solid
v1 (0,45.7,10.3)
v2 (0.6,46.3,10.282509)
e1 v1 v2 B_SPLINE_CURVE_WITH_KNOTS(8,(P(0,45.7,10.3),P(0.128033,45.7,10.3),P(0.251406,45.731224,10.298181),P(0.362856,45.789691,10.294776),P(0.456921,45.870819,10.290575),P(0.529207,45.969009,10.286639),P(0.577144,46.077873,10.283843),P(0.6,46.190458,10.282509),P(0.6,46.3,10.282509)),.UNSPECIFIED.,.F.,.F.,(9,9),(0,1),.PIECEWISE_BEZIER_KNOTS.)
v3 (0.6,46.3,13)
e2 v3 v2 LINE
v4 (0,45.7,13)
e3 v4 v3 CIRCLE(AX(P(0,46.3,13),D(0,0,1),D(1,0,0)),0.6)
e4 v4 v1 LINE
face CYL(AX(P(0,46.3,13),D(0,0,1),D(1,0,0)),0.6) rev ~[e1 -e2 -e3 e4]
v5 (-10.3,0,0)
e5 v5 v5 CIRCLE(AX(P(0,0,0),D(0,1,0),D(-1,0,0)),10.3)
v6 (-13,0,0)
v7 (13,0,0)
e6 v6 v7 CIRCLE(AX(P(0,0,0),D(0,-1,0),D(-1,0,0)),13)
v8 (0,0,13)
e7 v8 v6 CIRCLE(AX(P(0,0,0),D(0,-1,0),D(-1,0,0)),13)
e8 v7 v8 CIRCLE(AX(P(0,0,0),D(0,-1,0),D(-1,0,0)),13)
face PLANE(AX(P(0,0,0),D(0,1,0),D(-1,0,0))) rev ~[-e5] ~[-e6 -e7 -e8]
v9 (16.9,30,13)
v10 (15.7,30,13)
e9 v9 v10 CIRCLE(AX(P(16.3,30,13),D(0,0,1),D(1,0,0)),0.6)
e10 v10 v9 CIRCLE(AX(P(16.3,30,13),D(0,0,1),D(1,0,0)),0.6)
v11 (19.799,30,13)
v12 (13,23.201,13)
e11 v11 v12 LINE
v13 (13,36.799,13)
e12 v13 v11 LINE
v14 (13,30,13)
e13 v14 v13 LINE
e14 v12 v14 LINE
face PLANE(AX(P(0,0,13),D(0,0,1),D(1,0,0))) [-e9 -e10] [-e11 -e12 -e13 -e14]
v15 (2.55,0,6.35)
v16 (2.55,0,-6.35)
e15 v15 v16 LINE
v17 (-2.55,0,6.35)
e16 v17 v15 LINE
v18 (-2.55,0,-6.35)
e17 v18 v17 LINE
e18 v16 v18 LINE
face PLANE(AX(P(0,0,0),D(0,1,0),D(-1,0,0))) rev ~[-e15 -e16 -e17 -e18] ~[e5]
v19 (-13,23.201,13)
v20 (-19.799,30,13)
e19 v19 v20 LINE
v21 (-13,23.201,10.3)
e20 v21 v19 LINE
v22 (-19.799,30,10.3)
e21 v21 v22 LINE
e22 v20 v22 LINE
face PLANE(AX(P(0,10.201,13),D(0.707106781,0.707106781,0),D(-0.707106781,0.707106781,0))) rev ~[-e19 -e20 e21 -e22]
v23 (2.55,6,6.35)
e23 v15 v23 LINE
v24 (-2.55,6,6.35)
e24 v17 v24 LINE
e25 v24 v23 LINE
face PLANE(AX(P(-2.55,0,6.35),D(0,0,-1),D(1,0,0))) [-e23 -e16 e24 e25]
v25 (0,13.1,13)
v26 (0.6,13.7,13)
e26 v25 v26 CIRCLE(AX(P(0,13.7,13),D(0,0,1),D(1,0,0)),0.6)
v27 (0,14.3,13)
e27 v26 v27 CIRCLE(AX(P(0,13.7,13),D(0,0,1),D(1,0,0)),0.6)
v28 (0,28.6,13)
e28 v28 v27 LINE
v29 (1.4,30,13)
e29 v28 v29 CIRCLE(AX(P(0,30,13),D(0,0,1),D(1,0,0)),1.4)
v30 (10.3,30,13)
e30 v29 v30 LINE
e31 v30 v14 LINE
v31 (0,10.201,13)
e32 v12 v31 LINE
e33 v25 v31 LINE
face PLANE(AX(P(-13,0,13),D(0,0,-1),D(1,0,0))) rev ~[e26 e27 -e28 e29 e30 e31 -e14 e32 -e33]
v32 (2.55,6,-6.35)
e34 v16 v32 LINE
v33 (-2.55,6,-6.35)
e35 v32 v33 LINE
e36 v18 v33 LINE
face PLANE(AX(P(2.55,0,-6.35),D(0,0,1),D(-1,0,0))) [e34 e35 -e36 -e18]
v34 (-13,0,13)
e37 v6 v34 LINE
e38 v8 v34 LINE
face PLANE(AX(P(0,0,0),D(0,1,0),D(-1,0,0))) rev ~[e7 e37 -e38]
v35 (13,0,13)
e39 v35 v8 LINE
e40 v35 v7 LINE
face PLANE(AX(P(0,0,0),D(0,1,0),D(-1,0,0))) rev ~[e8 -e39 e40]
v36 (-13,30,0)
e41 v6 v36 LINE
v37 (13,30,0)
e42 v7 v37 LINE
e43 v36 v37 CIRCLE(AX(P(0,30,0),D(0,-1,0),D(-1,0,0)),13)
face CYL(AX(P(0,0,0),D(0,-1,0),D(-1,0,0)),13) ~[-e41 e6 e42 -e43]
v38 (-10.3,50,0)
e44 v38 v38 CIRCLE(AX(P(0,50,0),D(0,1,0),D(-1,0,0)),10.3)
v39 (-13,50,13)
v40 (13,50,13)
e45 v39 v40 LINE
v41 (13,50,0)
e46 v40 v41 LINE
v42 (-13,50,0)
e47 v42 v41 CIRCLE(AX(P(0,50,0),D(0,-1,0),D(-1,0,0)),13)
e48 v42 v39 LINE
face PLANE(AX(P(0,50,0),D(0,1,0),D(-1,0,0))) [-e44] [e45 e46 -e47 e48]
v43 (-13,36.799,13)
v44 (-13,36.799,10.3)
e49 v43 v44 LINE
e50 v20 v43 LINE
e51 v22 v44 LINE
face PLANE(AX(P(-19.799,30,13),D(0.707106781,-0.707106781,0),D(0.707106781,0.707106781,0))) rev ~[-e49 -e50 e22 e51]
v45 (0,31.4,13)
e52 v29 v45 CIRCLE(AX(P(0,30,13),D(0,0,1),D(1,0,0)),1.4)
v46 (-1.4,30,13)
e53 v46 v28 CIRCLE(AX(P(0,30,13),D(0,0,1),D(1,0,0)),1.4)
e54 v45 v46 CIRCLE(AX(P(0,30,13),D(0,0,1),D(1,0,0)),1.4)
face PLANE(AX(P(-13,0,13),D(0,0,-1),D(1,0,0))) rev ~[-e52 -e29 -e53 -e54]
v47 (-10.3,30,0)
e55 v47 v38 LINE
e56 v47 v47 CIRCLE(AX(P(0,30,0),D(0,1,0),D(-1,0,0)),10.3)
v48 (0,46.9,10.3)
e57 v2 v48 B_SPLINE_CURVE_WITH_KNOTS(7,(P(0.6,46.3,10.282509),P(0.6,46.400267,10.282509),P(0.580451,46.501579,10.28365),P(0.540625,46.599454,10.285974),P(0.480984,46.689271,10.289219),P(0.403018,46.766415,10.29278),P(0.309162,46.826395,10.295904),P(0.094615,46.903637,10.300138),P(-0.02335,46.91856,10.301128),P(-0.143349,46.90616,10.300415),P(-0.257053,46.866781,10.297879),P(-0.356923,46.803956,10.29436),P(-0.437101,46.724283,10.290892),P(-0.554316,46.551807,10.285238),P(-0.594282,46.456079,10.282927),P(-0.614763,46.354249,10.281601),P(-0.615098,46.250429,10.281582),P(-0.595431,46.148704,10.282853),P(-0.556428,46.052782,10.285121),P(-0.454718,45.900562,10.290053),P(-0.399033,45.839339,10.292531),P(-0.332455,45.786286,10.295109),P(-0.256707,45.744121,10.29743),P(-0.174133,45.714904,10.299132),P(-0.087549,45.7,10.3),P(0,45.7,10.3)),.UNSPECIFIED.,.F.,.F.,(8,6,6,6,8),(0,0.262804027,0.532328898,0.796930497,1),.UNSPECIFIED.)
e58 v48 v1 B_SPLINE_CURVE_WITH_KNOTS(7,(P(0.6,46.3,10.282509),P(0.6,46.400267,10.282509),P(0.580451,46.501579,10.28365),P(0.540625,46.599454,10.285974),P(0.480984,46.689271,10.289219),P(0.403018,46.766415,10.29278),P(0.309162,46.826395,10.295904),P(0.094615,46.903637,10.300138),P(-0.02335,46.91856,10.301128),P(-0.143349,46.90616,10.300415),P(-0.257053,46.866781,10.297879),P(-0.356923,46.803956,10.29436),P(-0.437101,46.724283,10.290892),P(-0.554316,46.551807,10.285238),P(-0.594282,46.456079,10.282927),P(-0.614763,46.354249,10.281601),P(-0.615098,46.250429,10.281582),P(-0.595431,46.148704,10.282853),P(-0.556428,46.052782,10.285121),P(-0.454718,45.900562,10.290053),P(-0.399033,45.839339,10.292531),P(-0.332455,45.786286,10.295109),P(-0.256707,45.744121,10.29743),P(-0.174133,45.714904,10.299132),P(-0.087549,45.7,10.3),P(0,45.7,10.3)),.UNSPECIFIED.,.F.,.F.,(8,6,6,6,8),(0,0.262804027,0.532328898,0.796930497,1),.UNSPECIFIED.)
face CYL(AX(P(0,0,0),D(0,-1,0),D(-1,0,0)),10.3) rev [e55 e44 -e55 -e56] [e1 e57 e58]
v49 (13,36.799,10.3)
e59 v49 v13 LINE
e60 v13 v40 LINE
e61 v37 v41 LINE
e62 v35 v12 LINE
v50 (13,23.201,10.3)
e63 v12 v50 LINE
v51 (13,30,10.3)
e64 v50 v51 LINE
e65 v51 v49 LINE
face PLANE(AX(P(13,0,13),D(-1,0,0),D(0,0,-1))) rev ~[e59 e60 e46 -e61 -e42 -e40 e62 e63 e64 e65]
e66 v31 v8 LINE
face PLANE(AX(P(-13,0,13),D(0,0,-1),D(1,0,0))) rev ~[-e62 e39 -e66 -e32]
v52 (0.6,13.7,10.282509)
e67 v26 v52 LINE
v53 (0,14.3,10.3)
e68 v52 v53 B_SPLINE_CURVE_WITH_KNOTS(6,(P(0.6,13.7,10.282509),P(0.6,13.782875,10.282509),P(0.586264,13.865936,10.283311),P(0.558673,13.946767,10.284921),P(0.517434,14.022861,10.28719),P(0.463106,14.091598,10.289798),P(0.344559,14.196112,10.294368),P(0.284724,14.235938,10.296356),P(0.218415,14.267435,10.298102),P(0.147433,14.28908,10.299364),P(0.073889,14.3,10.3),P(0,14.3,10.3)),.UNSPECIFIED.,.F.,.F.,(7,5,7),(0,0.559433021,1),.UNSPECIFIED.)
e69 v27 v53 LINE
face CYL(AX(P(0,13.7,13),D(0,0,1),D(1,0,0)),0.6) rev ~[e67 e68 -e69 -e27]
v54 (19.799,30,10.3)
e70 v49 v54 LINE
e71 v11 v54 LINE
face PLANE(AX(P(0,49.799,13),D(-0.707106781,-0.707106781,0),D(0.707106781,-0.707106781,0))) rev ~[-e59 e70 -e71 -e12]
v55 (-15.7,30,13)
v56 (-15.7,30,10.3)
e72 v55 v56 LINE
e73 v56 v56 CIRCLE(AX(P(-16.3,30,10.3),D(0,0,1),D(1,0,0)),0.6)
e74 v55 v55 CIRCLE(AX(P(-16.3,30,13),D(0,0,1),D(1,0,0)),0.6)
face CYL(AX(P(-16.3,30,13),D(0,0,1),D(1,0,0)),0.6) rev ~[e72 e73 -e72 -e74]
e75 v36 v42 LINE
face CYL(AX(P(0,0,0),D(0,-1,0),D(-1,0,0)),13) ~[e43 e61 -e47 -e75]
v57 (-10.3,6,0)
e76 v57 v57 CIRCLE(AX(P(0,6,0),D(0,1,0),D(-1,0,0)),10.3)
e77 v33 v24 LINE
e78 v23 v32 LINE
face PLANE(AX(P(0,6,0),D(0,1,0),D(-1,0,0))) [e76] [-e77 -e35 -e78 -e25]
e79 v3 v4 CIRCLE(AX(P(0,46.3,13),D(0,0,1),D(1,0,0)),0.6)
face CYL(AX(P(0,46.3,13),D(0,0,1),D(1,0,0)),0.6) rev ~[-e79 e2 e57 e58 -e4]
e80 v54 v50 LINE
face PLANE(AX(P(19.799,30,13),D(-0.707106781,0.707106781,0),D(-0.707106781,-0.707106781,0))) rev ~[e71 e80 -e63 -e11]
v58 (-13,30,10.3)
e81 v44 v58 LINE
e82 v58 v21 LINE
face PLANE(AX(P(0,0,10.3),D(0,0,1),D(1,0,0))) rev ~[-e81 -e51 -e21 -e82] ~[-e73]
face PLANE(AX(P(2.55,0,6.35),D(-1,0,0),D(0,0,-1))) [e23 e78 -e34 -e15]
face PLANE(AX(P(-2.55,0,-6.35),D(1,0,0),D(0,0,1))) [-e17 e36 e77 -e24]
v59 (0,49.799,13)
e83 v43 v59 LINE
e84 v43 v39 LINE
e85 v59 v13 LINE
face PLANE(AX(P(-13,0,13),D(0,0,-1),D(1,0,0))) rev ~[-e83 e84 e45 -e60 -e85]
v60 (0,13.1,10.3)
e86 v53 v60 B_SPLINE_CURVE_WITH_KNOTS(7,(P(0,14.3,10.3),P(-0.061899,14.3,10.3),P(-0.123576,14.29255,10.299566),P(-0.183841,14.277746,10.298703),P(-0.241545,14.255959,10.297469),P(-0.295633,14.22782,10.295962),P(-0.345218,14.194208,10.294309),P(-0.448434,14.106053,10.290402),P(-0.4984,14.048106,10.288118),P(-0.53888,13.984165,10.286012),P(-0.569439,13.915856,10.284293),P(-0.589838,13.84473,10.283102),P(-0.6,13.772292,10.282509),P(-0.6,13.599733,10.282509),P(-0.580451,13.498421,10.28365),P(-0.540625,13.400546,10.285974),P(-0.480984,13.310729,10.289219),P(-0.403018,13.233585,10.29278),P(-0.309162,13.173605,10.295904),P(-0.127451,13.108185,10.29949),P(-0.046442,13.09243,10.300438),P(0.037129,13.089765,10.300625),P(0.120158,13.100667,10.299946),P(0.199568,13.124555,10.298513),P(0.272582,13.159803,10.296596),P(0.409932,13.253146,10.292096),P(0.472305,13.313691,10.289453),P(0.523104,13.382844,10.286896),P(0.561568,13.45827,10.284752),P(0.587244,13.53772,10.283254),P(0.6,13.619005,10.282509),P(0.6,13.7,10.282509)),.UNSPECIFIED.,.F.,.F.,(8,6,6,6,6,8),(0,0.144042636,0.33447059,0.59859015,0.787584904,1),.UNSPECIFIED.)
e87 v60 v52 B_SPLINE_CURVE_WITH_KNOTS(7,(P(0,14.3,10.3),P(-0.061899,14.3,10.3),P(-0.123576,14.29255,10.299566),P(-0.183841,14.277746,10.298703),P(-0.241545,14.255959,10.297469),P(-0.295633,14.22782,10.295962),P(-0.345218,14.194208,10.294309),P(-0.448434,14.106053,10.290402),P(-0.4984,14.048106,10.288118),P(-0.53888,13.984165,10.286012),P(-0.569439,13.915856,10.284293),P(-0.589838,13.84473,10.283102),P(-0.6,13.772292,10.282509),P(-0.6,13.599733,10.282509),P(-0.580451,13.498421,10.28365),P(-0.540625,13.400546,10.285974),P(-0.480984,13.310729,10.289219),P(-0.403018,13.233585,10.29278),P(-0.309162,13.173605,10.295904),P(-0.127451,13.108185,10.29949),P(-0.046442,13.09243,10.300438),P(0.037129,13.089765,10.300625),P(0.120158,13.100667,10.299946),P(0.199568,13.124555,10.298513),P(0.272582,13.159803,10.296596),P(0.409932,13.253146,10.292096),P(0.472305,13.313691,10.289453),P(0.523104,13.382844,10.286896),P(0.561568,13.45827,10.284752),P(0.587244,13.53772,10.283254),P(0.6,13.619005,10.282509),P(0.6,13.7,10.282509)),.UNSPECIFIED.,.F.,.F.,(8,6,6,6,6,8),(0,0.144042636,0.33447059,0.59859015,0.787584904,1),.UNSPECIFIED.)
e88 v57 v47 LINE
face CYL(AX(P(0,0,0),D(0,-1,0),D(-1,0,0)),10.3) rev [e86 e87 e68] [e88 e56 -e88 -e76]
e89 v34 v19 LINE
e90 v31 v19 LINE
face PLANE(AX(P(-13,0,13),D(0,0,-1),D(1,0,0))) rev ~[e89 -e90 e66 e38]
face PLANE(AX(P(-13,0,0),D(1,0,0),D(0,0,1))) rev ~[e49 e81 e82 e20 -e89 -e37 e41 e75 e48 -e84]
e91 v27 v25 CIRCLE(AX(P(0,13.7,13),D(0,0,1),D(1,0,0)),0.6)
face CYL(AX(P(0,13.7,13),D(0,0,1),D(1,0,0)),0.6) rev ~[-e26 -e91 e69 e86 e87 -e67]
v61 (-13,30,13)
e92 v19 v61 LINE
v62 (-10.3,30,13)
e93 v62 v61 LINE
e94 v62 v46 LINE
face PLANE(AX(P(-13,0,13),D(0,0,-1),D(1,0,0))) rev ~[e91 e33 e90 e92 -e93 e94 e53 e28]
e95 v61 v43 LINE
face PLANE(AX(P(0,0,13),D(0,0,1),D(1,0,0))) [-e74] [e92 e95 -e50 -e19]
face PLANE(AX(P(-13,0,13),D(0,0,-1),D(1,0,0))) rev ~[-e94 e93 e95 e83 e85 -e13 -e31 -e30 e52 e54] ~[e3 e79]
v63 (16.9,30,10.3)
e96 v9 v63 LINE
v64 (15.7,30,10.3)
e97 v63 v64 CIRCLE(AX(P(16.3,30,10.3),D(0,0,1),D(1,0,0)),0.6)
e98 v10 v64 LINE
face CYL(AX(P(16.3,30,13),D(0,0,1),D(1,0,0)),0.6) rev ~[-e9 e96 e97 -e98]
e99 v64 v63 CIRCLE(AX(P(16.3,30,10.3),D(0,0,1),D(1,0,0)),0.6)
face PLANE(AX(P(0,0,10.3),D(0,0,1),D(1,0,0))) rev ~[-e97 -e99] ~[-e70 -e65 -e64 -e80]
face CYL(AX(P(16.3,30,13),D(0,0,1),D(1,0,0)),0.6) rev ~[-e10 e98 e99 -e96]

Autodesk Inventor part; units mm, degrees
ref_plane "YZ Plane" through (0, 0, 0) normal (1, 0, 0) x (0, 1, 0)
ref_plane "XZ Plane" through (0, 0, 0) normal (0, 1, 0) x (-1, 0, 0)
sketch "草图1" plane through (0, 0, 0) normal (0, 1, 0) x (-1, 0, 0)
  circle A0 centre (0, 0) radius 10.3
  circle A1 centre (0, 0) radius 13
  line L0 (2.55, 6.35) -> (-2.55, 6.35)
  line L1 (-2.55, 6.35) -> (-2.55, -6.35)
  line L2 (-2.55, -6.35) -> (2.55, -6.35)
  line L3 (2.55, -6.35) -> (2.55, 6.35)
  line L4 (2.55, 6.35) -> (-2.55, -6.35) construction
  line L5 (-2.55, 6.35) -> (2.55, -6.35) construction
  line L6 (13, 13) -> (-13, 13)
  line L7 (-13, 13) -> (-13, -13)
  line L8 (-13, -13) -> (13, -13)
  line L9 (13, -13) -> (13, 13)
  line L10 (13, 13) -> (-13, -13) construction
  line L11 (-13, 13) -> (13, -13) construction
  point P0 (13, 0)
  point P1 (0, 13)
  point P2 (-13, 0)
  dimension "d0" = 20.6
  dimension "d1" = 26
  dimension "d2" = 5.1
  dimension "d3" = 12.7
extrude "拉伸1" add sketch "草图1" along normal blind 6 contours A0
extrude "拉伸2" add sketch "草图1" along normal blind 30 contours A1
ref_plane "工作平面1" through (0, 0, 13) normal (0, 0, 1) x (1, 0, 0)
sketch "草图2" plane through (0, 0, 13) normal (0, 0, 1) x (1, 0, 0)
  line L0 (-10.3, 30) -> (10.3, 30) projected
  circle A0 centre (0, 30) radius 1.4
  line L1 (0, 30) -> (0, 46.3)
  line L2 (0, 30) -> (0, 13.7)
  circle A1 centre (0, 13.7) radius 0.6
  circle A2 centre (0, 46.3) radius 0.6
  line L3 (0, 30) -> (16.3, 30)
  line L4 (0, 30) -> (-16.3, 30)
  line L5 (13, 30) -> (-13, 30) projected
  circle A3 centre (16.3, 30) radius 0.6
  circle A4 centre (-16.3, 30) radius 0.6
  line L6 (19.799, 30) -> (0, 10.201)
  line L7 (0, 10.201) -> (-19.799, 30)
  line L8 (-19.799, 30) -> (0, 49.799)
  line L9 (0, 49.799) -> (19.799, 30)
  line L10 (-14, 44) -> (14, 16) construction
  line L11 (14, 44) -> (-14, 16) construction
  point P0 (0, 0)
  dimension "d9" = 2.8
  dimension "d10" = 16.3
  dimension "d11" = 16.3
  dimension "d12" = 1.2
  dimension "d13" = 1.2
  dimension "d14" = 16.3
  dimension "d15" = 16.3
  dimension "d16" = 1.2
  dimension "d17" = 1.2
  dimension "d20" = 28
  dimension "d21" = 28
extrude "拉伸3" add sketch "草图1" along normal blind 50 contours A1 | A1 L6 L9 | A1 L7 L6
extrude "拉伸4" add sketch "草图2" against normal blind 2.7
extrude "拉伸5" cut sketch "草图2" against normal blind 10 contours A2
extrude "拉伸6" cut sketch "草图2" against normal blind 10 contours A1
equation "\"折弯半径\" = 厚度"
equation "\"最小余量\" = 2 * 厚度"
equation "\"过渡半径\" = 折弯半径"
equation "\"间隙大小\" = 厚度"
equation "\"折弯释压宽度\" = 厚度"
equation "\"折弯释压深度\" = 0.5 * 厚度"
equation "\"拐角释压尺寸\" = 4 * 厚度"
equation "\"Jacobi半径尺寸\" = 折弯半径"
equation "\"厚度\" = 0.5"
properties part number "固定件"
